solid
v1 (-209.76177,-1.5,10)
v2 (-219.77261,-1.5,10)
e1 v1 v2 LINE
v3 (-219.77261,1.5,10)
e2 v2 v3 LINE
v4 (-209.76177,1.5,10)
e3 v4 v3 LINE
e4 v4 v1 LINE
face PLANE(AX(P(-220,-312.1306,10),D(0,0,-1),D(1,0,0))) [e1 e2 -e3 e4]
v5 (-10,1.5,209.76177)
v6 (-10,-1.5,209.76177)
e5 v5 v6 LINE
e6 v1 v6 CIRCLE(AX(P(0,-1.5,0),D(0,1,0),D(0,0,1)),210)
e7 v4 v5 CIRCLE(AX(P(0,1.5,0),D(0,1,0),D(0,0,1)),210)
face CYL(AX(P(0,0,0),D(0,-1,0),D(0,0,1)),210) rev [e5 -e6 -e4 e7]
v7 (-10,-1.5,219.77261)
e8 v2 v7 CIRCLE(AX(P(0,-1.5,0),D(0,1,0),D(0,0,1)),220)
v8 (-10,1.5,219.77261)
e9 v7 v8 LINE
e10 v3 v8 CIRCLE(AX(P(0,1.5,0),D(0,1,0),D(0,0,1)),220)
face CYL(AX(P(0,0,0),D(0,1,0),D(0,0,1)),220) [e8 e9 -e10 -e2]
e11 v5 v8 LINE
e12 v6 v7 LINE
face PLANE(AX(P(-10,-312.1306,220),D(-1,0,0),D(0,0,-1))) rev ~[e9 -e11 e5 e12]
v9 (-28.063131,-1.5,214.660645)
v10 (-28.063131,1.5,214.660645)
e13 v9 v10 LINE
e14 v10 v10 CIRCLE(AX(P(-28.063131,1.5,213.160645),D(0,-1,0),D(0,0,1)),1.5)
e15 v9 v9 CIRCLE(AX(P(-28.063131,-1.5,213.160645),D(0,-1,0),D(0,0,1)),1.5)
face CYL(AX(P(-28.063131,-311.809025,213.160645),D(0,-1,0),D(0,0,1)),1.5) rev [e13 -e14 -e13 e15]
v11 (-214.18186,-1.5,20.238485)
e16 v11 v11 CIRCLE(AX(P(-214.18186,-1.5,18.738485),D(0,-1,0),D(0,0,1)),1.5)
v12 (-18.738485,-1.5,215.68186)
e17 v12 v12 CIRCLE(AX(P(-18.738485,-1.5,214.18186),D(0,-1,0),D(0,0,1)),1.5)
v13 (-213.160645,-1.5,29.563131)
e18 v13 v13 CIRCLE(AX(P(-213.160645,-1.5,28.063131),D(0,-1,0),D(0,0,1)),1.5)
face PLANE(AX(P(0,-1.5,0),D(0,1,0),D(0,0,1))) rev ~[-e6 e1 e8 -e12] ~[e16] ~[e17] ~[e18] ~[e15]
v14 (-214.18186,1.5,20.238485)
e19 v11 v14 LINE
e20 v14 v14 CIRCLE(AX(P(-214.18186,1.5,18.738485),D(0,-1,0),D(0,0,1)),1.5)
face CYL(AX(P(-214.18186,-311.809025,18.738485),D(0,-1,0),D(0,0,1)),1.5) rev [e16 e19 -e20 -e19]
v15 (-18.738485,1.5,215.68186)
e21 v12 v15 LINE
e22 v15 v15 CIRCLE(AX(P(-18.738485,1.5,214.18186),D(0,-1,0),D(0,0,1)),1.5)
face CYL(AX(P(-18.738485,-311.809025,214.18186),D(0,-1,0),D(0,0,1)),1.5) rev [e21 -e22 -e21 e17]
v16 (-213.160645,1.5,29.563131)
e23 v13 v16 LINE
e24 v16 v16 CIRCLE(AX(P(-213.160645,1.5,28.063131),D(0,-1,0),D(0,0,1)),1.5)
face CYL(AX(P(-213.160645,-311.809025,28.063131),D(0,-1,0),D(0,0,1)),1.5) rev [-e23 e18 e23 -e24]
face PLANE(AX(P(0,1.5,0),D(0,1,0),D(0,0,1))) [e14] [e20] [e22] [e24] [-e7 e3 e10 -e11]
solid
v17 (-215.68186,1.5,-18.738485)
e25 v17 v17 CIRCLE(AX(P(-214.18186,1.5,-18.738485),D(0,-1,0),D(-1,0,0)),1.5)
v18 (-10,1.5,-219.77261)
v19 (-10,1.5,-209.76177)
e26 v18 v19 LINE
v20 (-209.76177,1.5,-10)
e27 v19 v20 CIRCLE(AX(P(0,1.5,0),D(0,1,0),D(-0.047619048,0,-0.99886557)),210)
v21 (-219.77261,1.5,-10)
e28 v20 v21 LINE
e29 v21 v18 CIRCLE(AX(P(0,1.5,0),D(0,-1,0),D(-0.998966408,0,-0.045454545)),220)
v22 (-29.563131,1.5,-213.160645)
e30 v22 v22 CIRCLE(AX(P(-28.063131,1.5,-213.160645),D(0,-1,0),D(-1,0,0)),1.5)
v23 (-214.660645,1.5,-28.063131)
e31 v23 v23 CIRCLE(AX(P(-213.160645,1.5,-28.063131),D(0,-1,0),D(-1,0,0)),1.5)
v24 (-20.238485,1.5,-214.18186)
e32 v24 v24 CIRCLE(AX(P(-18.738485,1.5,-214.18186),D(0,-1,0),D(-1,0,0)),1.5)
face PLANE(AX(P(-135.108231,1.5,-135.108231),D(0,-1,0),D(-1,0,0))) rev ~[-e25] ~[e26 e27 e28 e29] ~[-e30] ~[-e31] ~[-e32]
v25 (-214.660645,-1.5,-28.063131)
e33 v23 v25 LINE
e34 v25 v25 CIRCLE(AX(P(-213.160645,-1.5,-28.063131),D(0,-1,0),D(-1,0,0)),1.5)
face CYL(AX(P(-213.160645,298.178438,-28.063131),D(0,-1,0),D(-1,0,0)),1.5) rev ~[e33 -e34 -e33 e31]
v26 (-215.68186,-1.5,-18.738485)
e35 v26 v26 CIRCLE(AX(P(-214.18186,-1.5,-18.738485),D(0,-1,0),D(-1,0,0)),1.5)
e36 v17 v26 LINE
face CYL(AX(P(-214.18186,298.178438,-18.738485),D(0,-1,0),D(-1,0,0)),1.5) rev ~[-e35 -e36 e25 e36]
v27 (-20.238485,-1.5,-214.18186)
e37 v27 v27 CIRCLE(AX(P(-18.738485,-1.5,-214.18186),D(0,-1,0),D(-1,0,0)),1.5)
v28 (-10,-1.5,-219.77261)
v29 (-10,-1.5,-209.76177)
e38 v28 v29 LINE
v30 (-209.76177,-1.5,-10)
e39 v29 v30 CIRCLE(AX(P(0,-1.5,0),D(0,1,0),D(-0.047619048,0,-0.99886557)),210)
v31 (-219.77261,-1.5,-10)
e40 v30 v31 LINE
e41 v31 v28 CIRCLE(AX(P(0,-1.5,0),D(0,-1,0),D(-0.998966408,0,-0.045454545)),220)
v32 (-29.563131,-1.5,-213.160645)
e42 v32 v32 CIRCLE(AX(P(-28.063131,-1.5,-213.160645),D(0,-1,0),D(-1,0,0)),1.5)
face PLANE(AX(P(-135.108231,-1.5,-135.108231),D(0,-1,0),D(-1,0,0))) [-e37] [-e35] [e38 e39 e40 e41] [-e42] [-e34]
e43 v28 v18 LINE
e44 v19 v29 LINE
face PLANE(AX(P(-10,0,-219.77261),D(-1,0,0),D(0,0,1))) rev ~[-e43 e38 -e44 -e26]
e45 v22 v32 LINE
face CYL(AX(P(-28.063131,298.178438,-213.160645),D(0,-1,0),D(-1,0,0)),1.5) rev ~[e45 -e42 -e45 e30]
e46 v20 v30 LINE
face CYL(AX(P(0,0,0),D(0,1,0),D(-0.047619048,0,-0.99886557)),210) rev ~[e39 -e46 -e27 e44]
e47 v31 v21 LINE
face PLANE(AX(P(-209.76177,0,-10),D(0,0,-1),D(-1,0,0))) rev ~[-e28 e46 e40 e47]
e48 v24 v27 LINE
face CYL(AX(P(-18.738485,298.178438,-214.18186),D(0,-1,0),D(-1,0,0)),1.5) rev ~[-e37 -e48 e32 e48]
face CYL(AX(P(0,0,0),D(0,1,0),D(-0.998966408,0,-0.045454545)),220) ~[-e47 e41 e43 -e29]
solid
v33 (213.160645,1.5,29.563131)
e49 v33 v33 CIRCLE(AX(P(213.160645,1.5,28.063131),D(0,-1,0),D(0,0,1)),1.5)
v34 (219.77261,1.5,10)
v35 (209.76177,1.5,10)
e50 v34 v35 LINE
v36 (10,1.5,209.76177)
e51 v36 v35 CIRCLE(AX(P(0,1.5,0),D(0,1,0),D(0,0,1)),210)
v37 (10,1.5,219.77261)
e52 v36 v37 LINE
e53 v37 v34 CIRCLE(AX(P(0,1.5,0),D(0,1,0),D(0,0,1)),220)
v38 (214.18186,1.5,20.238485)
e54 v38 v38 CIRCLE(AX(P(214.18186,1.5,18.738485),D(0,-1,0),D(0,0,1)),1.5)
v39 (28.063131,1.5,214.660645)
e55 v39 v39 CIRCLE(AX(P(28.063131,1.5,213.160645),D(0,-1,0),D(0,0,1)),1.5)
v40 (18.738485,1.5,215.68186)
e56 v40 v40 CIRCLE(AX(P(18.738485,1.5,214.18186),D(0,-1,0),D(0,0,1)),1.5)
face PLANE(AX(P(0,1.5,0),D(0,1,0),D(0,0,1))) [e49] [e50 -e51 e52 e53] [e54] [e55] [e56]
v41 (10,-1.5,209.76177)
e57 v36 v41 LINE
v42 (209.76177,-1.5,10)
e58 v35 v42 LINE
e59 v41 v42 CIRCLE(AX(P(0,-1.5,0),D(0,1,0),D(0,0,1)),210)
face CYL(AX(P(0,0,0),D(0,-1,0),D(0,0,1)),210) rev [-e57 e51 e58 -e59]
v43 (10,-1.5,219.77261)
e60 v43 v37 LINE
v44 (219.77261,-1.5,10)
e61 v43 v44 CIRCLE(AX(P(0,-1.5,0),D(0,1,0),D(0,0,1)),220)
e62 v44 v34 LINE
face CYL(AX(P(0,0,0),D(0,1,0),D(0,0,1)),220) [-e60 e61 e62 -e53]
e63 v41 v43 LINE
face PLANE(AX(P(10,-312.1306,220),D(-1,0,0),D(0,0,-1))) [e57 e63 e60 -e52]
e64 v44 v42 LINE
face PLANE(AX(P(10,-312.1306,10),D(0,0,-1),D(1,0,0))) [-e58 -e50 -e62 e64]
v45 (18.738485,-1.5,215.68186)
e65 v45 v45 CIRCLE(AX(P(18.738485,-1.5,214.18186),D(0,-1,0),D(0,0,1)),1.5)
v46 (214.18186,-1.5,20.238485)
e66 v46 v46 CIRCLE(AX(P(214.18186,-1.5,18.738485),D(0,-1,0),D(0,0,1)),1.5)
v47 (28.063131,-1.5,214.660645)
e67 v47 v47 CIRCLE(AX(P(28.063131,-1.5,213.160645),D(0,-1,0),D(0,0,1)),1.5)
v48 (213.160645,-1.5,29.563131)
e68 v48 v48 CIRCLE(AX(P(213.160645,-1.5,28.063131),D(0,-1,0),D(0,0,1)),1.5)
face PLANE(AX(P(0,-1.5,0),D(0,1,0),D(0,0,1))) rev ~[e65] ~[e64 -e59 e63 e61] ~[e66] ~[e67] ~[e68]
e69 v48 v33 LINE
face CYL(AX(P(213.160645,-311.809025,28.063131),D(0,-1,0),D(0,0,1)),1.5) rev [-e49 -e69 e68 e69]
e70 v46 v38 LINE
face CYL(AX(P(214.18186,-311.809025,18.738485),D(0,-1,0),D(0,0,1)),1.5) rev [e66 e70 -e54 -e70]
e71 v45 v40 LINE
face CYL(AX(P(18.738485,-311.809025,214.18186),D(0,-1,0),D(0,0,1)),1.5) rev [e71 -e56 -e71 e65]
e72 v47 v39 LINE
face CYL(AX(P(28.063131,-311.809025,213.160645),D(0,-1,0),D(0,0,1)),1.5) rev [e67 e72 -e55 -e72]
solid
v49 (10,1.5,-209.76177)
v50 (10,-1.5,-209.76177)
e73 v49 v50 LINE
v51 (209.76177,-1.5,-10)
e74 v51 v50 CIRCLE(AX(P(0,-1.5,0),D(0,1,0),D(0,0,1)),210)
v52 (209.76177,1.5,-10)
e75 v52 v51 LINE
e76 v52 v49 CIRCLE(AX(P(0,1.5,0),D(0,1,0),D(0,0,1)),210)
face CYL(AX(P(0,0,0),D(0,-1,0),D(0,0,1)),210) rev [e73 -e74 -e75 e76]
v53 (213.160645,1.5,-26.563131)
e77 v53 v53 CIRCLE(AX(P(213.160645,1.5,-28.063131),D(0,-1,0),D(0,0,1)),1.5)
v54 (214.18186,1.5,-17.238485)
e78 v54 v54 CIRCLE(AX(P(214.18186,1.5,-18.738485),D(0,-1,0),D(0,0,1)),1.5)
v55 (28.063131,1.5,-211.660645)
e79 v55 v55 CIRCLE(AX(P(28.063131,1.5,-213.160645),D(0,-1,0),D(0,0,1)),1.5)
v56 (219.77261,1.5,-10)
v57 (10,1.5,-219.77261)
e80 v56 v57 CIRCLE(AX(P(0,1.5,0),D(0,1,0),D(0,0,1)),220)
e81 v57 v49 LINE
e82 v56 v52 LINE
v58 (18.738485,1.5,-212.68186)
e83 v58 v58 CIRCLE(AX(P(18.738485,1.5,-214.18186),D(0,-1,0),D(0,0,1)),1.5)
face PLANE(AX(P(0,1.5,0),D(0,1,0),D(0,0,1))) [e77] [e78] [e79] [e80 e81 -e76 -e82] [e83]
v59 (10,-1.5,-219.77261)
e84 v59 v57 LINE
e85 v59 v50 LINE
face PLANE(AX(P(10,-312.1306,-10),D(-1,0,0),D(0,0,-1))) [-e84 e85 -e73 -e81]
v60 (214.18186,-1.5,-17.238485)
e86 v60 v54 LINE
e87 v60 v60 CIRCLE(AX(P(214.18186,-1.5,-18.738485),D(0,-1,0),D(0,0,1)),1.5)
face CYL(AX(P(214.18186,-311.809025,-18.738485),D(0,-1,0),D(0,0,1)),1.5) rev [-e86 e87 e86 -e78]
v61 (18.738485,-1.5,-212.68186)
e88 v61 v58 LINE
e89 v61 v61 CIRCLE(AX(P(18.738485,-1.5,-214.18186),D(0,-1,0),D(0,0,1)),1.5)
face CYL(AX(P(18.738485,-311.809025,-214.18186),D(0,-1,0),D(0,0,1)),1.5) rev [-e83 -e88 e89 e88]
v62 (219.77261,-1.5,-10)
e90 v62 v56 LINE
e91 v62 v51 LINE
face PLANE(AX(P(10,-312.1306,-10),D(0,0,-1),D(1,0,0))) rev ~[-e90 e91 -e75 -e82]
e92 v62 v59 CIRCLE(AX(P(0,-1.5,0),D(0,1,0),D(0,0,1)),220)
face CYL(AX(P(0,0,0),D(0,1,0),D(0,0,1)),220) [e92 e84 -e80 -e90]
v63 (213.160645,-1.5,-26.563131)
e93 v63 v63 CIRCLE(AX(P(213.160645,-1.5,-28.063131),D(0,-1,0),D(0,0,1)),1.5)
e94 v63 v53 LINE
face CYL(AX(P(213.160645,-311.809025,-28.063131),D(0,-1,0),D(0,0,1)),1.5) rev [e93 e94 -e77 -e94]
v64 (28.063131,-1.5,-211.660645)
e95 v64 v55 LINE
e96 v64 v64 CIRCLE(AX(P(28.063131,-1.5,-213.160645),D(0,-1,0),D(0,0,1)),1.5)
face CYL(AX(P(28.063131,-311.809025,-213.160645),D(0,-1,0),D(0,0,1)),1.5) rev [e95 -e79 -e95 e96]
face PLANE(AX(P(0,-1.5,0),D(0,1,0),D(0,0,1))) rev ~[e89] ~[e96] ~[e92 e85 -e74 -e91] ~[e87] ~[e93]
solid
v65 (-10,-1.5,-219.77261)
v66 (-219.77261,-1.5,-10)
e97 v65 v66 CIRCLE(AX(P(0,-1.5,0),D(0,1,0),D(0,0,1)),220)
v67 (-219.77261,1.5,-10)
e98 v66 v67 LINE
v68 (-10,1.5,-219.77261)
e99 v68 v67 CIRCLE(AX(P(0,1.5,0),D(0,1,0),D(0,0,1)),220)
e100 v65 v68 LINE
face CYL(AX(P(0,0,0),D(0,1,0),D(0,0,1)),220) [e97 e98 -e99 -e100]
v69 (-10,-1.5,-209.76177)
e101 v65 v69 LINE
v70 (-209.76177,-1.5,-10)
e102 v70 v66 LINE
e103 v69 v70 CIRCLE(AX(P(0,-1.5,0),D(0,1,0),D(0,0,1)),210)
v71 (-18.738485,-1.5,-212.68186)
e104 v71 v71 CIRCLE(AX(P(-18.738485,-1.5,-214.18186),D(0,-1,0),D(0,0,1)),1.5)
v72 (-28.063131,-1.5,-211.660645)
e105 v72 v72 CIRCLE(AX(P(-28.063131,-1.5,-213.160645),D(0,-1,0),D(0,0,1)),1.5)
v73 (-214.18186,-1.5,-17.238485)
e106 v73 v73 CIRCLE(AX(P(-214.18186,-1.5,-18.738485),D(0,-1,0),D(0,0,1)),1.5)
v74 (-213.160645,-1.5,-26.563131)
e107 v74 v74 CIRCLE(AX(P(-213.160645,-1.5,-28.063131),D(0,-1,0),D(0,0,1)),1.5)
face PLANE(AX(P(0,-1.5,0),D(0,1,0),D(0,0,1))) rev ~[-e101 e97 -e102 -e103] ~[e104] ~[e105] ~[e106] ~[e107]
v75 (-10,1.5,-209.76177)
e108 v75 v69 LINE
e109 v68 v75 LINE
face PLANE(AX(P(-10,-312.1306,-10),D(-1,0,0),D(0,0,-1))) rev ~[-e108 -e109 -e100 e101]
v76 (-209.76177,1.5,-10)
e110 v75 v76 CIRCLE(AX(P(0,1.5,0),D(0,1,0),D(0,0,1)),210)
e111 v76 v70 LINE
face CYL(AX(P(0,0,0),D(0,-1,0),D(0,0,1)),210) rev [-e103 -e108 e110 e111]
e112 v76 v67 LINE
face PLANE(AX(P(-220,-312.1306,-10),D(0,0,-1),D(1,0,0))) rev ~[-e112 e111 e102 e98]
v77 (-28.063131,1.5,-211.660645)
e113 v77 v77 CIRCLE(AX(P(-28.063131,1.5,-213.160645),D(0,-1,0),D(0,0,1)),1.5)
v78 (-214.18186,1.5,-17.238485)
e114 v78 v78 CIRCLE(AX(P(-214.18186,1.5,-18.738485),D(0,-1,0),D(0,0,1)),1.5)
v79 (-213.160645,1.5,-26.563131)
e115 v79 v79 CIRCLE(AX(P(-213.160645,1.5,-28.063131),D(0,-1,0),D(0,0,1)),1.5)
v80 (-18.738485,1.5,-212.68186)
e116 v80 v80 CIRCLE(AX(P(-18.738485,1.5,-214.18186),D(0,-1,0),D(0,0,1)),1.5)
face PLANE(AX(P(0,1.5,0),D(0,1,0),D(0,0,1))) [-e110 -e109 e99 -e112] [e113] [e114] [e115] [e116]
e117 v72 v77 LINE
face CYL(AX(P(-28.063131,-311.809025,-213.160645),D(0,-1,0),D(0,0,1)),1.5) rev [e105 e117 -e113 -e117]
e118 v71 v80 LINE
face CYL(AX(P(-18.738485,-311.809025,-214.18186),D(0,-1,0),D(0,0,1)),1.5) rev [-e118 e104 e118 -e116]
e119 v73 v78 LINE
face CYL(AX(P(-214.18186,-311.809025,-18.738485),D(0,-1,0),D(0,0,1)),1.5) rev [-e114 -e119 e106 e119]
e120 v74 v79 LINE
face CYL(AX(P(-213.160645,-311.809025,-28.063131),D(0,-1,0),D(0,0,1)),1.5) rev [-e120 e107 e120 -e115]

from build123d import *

# Parameters (mm, degrees)
BOSS_EXTRUDE2_DEPTH      = 1.5
F_3_0_3_DIAMETER_HOLE1_D = 3
SKETCH1_R                = 220
SKETCH1_R_2              = 210
BOSS_EXTRUDE1_DEPTH      = 1.5
QUADRUPLE_DEPTH          = 312.130599588
QUADRUPLE_DEPTH_BACK     = 312.130599588
SKETCH2_W                = 20
SKETCH2_H                = 440
SKETCH2_W_2              = 440
SKETCH2_H_2              = 20
CUT_EXTRUDE1_DEPTH       = 311.809024965
CUT_EXTRUDE1_DEPTH_BACK  = 311.809024965
SKETCH4_R                = 1.5


with BuildPart() as part:
    # Sketch5 → Boss-Extrude2 (new, symmetric)
    with BuildSketch(Plane(origin=(0, 0, 0), x_dir=(1, 0, 0), z_dir=(0, 1, 0))):
        with BuildLine():
            Line((-10, 219.772609758), (-10, 209.761769634))
            ThreePointArc((-10, 209.761769634), (-148.492424049, 148.492424049), (-209.761769634, 10))
            Line((-209.761769634, 10), (-219.772609758, 10))
            ThreePointArc((-219.772609758, 10), (-155.563491861, 155.563491861), (-10, 219.772609758))
        make_face()
    extrude(amount=BOSS_EXTRUDE2_DEPTH, both=True)

    # Ø3.0 (3) Diameter Hole1 (through all)
    with Locations(Plane(origin=(0, 1.5, 0), x_dir=(1, 0, 0), z_dir=(0, 1, 0))):
        with Locations((-214.18186009, 18.738484691), (-213.160645195, 28.063131327), (-28.063131327, 213.160645195), (-18.738484691, 214.18186009)):
            Hole(F_3_0_3_DIAMETER_HOLE1_D / 2)


with BuildPart() as body_2:
    # Sketch1 → Boss-Extrude1 (new, symmetric)
    with BuildSketch(Plane(origin=(0, 0, 0), x_dir=(1, 0, 0), z_dir=(0, 1, 0))):
        Circle(SKETCH1_R)
        Circle(SKETCH1_R_2, mode=Mode.SUBTRACT)
    extrude(amount=BOSS_EXTRUDE1_DEPTH, both=True)

    # Sketch2 → quadruple (cut, two sides: drawn at the far end of the back side and taken through both)
    with BuildSketch(Plane(origin=(0, 0, 0), x_dir=(1, 0, 0), z_dir=(0, 1, 0)).offset(-QUADRUPLE_DEPTH_BACK)):
        Rectangle(SKETCH2_W, SKETCH2_H)
        Rectangle(SKETCH2_W_2, SKETCH2_H_2)
    extrude(amount=QUADRUPLE_DEPTH + QUADRUPLE_DEPTH_BACK, mode=Mode.SUBTRACT)


with BuildPart() as quadruple_piece_1:
    # of the separate pieces the step leaves, piece 1, a body of its own (quadruple_pieces)
    add(body_2.part.solids().sort_by_distance((10, -1.5, 219.772609758))[0])


with BuildPart() as quadruple_piece_2:
    # of the separate pieces the step leaves, piece 2, a body of its own (quadruple_pieces)
    add(body_2.part.solids().sort_by_distance((219.772609758, -1.5, -10))[0])


with BuildPart() as quadruple_piece_3:
    # of the separate pieces the step leaves, piece 3, a body of its own (quadruple_pieces)
    add(body_2.part.solids().sort_by_distance((-10, 1.5, -209.761769634))[0])


with BuildPart() as quadruple_piece_4:
    # of the separate pieces the step leaves, piece 4, a body of its own (quadruple_pieces)
    add(body_2.part.solids().sort_by_distance((-219.772609758, 1.5, 10))[0])


with BuildPart() as cut_extrude1_tool:
    # Sketch4 → Cut-Extrude1 (new, two sides: drawn at the far end of the back side and taken through both)
    with BuildSketch(Plane(origin=(0, 0, 0), x_dir=(1, 0, 0), z_dir=(0, 1, 0)).offset(-CUT_EXTRUDE1_DEPTH_BACK)):
        with Locations((213.160645195, 28.063131327)):
            Circle(SKETCH4_R)
        with Locations((214.18186009, 18.738484691)):
            Circle(SKETCH4_R)
        with Locations((214.18186009, -18.738484691)):
            Circle(SKETCH4_R)
        with Locations((213.160645195, -28.063131327)):
            Circle(SKETCH4_R)
        with Locations((-28.063131327, 213.160645195)):
            Circle(SKETCH4_R)
        with Locations((-18.738484691, 214.18186009)):
            Circle(SKETCH4_R)
        with Locations((28.063131327, 213.160645195)):
            Circle(SKETCH4_R)
        with Locations((18.738484691, 214.18186009)):
            Circle(SKETCH4_R)
        with Locations((-213.160645195, 28.063131327)):
            Circle(SKETCH4_R)
        with Locations((-214.18186009, 18.738484691)):
            Circle(SKETCH4_R)
        with Locations((-214.18186009, -18.738484691)):
            Circle(SKETCH4_R)
        with Locations((-213.160645195, -28.063131327)):
            Circle(SKETCH4_R)
        with Locations((-28.063131327, -213.160645195)):
            Circle(SKETCH4_R)
        with Locations((-18.738484691, -214.18186009)):
            Circle(SKETCH4_R)
        with Locations((18.738484691, -214.18186009)):
            Circle(SKETCH4_R)
        with Locations((28.063131327, -213.160645195)):
            Circle(SKETCH4_R)
    extrude(amount=CUT_EXTRUDE1_DEPTH + CUT_EXTRUDE1_DEPTH_BACK)


with BuildPart() as quadruple_piece_1_1:
    add(quadruple_piece_1.part)

    # Cut-Extrude1: cut by cut_extrude1_tool
    add(cut_extrude1_tool.part, mode=Mode.SUBTRACT)


with BuildPart() as quadruple_piece_2_1:
    add(quadruple_piece_2.part)

    # Cut-Extrude1: cut by cut_extrude1_tool
    add(cut_extrude1_tool.part, mode=Mode.SUBTRACT)


with BuildPart() as quadruple_piece_3_1:
    add(quadruple_piece_3.part)

    # Cut-Extrude1: cut by cut_extrude1_tool
    add(cut_extrude1_tool.part, mode=Mode.SUBTRACT)


with BuildPart() as quadruple_piece_4_1:
    add(quadruple_piece_4.part)

    # Cut-Extrude1: cut by cut_extrude1_tool
    add(cut_extrude1_tool.part, mode=Mode.SUBTRACT)


solid = Compound([part.part, quadruple_piece_1_1.part, quadruple_piece_2_1.part, quadruple_piece_3_1.part, quadruple_piece_4_1.part])
